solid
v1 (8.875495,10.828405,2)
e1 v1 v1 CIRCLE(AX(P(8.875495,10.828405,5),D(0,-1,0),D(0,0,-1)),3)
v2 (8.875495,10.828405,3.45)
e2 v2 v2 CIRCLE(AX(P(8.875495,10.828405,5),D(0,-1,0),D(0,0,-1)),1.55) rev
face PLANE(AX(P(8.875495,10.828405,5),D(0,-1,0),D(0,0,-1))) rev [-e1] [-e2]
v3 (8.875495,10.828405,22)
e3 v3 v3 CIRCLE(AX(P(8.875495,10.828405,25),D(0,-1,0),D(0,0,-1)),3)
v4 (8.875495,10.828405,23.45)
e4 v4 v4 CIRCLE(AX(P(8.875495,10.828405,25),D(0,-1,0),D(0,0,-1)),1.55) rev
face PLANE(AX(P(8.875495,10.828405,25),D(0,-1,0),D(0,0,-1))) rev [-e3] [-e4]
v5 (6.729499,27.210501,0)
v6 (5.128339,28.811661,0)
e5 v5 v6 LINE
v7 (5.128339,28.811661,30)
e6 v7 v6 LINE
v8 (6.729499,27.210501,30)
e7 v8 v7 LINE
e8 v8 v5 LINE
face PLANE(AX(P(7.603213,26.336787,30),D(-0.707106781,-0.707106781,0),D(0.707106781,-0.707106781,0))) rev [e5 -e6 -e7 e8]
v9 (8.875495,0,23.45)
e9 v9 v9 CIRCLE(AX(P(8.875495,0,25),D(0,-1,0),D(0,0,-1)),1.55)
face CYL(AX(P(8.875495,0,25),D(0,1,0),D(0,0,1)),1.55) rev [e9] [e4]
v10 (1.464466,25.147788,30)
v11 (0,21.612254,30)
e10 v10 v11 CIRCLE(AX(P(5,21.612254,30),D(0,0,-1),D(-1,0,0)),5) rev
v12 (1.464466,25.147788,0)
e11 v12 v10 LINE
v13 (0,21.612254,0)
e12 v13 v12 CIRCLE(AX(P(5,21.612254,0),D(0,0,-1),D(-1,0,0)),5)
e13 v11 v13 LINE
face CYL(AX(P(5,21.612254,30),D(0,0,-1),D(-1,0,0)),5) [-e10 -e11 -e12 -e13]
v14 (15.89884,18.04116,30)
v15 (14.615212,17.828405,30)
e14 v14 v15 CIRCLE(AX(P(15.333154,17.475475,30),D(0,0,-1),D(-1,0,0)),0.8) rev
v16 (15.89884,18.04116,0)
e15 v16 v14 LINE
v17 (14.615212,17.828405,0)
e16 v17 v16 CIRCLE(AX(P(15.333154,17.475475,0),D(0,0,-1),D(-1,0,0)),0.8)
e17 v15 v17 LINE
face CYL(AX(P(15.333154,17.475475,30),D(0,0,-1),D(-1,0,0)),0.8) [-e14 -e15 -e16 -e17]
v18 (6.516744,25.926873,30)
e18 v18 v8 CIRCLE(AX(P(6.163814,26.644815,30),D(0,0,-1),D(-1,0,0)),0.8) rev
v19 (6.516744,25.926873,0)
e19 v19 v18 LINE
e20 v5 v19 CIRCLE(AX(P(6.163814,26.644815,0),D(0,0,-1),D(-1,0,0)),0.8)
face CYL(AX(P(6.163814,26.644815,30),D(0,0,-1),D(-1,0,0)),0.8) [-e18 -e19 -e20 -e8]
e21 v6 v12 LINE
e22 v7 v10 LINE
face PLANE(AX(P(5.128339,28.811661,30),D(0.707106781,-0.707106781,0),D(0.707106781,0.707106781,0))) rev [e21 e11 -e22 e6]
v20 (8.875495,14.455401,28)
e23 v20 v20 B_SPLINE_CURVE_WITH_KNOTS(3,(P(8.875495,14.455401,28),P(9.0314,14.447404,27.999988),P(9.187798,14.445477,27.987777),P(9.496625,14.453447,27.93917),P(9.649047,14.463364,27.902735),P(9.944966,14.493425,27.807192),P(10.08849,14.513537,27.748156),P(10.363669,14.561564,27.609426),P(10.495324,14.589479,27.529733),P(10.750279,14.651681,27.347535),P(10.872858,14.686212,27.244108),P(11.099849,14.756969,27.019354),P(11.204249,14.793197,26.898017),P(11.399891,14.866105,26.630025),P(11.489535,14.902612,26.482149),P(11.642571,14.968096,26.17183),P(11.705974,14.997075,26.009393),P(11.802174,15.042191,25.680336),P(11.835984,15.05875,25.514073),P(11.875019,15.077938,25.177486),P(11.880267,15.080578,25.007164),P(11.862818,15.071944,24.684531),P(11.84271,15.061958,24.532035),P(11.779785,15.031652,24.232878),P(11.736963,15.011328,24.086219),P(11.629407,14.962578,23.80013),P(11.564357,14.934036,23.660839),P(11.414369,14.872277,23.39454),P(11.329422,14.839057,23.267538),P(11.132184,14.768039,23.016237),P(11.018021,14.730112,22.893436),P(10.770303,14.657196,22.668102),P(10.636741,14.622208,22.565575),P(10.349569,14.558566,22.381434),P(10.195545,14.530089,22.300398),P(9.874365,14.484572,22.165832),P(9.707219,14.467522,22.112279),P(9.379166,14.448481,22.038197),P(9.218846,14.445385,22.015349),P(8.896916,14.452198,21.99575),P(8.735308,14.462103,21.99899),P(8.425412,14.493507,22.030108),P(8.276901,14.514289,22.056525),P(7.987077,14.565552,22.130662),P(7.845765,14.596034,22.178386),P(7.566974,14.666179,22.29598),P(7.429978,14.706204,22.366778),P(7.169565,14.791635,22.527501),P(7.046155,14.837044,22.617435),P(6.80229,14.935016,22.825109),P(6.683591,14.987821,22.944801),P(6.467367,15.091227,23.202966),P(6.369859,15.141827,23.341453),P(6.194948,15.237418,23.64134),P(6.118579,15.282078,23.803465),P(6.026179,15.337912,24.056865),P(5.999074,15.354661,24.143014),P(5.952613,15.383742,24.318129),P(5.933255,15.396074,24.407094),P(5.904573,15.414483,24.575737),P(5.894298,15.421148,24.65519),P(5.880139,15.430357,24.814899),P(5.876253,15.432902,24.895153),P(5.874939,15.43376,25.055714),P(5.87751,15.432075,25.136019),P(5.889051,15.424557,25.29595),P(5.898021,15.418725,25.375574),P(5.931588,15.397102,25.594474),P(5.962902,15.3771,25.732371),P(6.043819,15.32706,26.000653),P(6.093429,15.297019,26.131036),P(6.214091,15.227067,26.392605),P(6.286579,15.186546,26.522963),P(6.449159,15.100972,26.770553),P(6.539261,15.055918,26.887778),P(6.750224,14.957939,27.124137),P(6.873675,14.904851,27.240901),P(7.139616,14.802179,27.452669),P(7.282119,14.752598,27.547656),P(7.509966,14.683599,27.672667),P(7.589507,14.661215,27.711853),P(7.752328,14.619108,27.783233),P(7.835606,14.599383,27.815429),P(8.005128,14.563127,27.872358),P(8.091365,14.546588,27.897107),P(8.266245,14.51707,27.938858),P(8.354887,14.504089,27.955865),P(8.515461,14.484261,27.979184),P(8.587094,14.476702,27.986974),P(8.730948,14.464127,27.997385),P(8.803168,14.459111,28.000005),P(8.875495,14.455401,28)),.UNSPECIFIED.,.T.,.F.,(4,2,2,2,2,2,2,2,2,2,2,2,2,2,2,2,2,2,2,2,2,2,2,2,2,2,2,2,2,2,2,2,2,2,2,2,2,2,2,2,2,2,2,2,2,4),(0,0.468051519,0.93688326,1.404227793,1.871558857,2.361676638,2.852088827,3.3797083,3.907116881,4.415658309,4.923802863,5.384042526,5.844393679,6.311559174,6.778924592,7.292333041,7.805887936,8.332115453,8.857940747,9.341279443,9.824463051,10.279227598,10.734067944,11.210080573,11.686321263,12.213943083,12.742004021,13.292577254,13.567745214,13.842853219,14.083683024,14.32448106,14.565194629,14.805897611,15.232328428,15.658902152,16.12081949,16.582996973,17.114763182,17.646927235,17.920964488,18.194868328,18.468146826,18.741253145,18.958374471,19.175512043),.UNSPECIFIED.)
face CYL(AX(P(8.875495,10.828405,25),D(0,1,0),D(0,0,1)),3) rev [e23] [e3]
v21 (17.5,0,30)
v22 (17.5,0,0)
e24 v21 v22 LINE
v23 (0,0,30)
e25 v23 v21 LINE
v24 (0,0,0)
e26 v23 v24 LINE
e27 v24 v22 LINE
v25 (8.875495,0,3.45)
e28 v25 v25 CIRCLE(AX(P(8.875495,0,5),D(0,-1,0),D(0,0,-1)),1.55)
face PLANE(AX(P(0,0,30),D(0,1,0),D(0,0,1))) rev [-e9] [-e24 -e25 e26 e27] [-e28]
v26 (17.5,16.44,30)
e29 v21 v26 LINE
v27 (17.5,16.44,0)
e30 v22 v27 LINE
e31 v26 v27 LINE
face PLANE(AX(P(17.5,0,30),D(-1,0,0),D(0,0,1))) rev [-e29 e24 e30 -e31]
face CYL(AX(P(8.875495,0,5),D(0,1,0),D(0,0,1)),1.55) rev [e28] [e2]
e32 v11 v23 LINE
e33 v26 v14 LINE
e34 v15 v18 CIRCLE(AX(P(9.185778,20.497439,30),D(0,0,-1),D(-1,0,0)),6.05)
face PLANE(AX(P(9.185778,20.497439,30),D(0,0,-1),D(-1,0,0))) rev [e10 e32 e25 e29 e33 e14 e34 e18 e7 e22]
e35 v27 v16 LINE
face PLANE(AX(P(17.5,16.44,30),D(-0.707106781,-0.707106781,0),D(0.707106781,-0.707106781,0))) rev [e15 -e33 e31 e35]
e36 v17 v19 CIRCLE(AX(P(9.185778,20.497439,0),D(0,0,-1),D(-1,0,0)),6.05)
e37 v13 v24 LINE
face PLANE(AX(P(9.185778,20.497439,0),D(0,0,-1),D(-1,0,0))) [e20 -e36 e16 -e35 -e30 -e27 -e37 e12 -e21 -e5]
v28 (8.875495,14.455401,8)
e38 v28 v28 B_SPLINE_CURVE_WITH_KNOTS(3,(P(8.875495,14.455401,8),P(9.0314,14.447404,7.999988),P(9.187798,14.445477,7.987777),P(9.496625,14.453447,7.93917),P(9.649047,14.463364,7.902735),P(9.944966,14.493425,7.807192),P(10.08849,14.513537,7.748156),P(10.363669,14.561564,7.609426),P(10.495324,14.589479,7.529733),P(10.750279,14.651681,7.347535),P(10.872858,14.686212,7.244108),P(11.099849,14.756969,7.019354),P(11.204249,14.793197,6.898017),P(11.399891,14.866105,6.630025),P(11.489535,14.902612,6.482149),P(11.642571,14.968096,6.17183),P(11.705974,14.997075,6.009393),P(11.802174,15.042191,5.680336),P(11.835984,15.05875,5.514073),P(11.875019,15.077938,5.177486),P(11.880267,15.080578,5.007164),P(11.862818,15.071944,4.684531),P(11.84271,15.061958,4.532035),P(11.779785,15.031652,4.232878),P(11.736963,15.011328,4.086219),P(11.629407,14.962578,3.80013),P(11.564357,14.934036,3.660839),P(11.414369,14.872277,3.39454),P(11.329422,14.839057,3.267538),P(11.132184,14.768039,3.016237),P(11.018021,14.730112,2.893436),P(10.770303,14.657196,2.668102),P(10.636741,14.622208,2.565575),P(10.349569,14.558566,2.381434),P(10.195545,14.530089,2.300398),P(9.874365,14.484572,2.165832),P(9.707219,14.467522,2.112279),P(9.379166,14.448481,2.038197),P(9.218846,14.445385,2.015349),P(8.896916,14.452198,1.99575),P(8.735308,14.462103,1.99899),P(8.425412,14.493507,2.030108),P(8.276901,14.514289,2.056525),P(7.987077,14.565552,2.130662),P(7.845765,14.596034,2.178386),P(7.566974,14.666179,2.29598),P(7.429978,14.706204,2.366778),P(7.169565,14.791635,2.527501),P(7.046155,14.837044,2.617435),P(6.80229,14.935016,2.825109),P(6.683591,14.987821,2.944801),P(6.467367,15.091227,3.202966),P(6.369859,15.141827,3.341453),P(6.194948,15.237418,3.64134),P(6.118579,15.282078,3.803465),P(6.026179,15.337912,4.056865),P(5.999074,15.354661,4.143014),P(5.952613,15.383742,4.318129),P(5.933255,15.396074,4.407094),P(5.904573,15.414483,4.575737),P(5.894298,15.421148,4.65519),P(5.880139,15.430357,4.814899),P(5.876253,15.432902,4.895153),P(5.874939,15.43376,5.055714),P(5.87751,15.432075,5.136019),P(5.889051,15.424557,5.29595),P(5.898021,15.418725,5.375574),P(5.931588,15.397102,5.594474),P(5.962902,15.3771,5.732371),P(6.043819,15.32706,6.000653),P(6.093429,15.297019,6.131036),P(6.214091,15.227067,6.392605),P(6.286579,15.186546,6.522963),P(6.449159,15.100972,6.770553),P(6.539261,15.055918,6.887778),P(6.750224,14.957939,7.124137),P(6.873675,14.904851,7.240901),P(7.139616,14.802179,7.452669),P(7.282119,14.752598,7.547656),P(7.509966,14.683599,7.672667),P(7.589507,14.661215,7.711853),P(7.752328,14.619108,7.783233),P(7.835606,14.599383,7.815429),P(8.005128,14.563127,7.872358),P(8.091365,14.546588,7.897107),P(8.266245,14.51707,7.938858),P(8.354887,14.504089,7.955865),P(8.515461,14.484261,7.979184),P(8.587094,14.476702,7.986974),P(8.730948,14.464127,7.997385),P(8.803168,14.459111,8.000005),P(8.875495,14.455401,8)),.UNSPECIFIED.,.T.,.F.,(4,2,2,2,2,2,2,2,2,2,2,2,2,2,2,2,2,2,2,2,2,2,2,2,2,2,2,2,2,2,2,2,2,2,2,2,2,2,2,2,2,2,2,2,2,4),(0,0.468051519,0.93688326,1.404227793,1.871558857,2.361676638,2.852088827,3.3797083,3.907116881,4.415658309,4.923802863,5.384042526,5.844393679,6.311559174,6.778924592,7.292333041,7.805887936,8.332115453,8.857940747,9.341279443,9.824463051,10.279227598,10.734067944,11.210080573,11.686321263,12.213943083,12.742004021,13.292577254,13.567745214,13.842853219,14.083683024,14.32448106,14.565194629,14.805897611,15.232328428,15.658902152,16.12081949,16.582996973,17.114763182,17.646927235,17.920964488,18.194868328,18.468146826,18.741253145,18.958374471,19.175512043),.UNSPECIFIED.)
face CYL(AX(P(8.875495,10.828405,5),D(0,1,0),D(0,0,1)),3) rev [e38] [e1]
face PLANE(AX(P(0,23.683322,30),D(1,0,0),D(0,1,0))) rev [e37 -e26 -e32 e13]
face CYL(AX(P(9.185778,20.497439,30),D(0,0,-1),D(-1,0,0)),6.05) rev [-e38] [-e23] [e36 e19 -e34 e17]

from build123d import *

# Parameters (mm, degrees)
BOSS_EXTRUDE1_DEPTH = 30
FILLET1_R           = 0.8
SKETCH3_R           = 3
CUT_EXTRUDE1_DEPTH  = 7
SKETCH4_R           = 1.55
CUT_EXTRUDE2_DEPTH  = 40.0397494
FILLET2_R           = 5


with BuildPart() as part:
    # Sketch1 → Boss-Extrude1 (new body)
    with BuildSketch(Plane.XY):
        with BuildLine():
            Line((0, 0), (17.5, 0))
            Line((17.5, 0), (17.5, 16.44))
            Line((17.5, 16.44), (15.025126266, 18.914873734))
            ThreePointArc((15.025126266, 18.914873734), (4.907782078, 16.219443047), (7.603212766, 26.336787234))
            Line((7.603212766, 26.336787234), (5.128339032, 28.811660968))
            Line((5.128339032, 28.811660968), (0, 23.683321936))
            Line((0, 23.683321936), (0, 0))
        make_face()
    extrude(amount=BOSS_EXTRUDE1_DEPTH)

    # Fillet1
    fillet1_edges = [part.edges().sort_by_distance(p)[0] for p in [
        (7.603212766, 26.336787234, 15),
        (15.025126266, 18.914873734, 15),
    ]]
    fillet(fillet1_edges, radius=FILLET1_R)

    # Sketch3 → Cut-Extrude1 (cut)
    with BuildSketch(Plane(origin=(0, 17.828405067, 0), x_dir=(-1, 0, 0), z_dir=(0, -1, 0))):
        with Locations(Location((-8.875495285, -5, 0), (0, 0, 270))):
            Circle(SKETCH3_R)
        with Locations(Location((-8.875495285, -25, 0), (0, 0, 270))):
            Circle(SKETCH3_R)
    extrude(amount=CUT_EXTRUDE1_DEPTH, mode=Mode.SUBTRACT)

    # Sketch4 → Cut-Extrude2 (cut, through all)
    with BuildSketch(Plane(origin=(0, 17.828405067, 0), x_dir=(-1, 0, 0), z_dir=(0, -1, 0))):
        with Locations(Location((-8.875495285, -5, 0), (0, 0, 90))):
            Circle(SKETCH4_R)
        with Locations(Location((-8.875495285, -25, 0), (0, 0, 90))):
            Circle(SKETCH4_R)
    extrude(amount=CUT_EXTRUDE2_DEPTH, mode=Mode.SUBTRACT)

    # Fillet2
    fillet2_edges = [part.edges().sort_by_distance(p)[0] for p in [
        (0, 23.683321936, 15),
    ]]
    fillet(fillet2_edges, radius=FILLET2_R)


solid = part.part
